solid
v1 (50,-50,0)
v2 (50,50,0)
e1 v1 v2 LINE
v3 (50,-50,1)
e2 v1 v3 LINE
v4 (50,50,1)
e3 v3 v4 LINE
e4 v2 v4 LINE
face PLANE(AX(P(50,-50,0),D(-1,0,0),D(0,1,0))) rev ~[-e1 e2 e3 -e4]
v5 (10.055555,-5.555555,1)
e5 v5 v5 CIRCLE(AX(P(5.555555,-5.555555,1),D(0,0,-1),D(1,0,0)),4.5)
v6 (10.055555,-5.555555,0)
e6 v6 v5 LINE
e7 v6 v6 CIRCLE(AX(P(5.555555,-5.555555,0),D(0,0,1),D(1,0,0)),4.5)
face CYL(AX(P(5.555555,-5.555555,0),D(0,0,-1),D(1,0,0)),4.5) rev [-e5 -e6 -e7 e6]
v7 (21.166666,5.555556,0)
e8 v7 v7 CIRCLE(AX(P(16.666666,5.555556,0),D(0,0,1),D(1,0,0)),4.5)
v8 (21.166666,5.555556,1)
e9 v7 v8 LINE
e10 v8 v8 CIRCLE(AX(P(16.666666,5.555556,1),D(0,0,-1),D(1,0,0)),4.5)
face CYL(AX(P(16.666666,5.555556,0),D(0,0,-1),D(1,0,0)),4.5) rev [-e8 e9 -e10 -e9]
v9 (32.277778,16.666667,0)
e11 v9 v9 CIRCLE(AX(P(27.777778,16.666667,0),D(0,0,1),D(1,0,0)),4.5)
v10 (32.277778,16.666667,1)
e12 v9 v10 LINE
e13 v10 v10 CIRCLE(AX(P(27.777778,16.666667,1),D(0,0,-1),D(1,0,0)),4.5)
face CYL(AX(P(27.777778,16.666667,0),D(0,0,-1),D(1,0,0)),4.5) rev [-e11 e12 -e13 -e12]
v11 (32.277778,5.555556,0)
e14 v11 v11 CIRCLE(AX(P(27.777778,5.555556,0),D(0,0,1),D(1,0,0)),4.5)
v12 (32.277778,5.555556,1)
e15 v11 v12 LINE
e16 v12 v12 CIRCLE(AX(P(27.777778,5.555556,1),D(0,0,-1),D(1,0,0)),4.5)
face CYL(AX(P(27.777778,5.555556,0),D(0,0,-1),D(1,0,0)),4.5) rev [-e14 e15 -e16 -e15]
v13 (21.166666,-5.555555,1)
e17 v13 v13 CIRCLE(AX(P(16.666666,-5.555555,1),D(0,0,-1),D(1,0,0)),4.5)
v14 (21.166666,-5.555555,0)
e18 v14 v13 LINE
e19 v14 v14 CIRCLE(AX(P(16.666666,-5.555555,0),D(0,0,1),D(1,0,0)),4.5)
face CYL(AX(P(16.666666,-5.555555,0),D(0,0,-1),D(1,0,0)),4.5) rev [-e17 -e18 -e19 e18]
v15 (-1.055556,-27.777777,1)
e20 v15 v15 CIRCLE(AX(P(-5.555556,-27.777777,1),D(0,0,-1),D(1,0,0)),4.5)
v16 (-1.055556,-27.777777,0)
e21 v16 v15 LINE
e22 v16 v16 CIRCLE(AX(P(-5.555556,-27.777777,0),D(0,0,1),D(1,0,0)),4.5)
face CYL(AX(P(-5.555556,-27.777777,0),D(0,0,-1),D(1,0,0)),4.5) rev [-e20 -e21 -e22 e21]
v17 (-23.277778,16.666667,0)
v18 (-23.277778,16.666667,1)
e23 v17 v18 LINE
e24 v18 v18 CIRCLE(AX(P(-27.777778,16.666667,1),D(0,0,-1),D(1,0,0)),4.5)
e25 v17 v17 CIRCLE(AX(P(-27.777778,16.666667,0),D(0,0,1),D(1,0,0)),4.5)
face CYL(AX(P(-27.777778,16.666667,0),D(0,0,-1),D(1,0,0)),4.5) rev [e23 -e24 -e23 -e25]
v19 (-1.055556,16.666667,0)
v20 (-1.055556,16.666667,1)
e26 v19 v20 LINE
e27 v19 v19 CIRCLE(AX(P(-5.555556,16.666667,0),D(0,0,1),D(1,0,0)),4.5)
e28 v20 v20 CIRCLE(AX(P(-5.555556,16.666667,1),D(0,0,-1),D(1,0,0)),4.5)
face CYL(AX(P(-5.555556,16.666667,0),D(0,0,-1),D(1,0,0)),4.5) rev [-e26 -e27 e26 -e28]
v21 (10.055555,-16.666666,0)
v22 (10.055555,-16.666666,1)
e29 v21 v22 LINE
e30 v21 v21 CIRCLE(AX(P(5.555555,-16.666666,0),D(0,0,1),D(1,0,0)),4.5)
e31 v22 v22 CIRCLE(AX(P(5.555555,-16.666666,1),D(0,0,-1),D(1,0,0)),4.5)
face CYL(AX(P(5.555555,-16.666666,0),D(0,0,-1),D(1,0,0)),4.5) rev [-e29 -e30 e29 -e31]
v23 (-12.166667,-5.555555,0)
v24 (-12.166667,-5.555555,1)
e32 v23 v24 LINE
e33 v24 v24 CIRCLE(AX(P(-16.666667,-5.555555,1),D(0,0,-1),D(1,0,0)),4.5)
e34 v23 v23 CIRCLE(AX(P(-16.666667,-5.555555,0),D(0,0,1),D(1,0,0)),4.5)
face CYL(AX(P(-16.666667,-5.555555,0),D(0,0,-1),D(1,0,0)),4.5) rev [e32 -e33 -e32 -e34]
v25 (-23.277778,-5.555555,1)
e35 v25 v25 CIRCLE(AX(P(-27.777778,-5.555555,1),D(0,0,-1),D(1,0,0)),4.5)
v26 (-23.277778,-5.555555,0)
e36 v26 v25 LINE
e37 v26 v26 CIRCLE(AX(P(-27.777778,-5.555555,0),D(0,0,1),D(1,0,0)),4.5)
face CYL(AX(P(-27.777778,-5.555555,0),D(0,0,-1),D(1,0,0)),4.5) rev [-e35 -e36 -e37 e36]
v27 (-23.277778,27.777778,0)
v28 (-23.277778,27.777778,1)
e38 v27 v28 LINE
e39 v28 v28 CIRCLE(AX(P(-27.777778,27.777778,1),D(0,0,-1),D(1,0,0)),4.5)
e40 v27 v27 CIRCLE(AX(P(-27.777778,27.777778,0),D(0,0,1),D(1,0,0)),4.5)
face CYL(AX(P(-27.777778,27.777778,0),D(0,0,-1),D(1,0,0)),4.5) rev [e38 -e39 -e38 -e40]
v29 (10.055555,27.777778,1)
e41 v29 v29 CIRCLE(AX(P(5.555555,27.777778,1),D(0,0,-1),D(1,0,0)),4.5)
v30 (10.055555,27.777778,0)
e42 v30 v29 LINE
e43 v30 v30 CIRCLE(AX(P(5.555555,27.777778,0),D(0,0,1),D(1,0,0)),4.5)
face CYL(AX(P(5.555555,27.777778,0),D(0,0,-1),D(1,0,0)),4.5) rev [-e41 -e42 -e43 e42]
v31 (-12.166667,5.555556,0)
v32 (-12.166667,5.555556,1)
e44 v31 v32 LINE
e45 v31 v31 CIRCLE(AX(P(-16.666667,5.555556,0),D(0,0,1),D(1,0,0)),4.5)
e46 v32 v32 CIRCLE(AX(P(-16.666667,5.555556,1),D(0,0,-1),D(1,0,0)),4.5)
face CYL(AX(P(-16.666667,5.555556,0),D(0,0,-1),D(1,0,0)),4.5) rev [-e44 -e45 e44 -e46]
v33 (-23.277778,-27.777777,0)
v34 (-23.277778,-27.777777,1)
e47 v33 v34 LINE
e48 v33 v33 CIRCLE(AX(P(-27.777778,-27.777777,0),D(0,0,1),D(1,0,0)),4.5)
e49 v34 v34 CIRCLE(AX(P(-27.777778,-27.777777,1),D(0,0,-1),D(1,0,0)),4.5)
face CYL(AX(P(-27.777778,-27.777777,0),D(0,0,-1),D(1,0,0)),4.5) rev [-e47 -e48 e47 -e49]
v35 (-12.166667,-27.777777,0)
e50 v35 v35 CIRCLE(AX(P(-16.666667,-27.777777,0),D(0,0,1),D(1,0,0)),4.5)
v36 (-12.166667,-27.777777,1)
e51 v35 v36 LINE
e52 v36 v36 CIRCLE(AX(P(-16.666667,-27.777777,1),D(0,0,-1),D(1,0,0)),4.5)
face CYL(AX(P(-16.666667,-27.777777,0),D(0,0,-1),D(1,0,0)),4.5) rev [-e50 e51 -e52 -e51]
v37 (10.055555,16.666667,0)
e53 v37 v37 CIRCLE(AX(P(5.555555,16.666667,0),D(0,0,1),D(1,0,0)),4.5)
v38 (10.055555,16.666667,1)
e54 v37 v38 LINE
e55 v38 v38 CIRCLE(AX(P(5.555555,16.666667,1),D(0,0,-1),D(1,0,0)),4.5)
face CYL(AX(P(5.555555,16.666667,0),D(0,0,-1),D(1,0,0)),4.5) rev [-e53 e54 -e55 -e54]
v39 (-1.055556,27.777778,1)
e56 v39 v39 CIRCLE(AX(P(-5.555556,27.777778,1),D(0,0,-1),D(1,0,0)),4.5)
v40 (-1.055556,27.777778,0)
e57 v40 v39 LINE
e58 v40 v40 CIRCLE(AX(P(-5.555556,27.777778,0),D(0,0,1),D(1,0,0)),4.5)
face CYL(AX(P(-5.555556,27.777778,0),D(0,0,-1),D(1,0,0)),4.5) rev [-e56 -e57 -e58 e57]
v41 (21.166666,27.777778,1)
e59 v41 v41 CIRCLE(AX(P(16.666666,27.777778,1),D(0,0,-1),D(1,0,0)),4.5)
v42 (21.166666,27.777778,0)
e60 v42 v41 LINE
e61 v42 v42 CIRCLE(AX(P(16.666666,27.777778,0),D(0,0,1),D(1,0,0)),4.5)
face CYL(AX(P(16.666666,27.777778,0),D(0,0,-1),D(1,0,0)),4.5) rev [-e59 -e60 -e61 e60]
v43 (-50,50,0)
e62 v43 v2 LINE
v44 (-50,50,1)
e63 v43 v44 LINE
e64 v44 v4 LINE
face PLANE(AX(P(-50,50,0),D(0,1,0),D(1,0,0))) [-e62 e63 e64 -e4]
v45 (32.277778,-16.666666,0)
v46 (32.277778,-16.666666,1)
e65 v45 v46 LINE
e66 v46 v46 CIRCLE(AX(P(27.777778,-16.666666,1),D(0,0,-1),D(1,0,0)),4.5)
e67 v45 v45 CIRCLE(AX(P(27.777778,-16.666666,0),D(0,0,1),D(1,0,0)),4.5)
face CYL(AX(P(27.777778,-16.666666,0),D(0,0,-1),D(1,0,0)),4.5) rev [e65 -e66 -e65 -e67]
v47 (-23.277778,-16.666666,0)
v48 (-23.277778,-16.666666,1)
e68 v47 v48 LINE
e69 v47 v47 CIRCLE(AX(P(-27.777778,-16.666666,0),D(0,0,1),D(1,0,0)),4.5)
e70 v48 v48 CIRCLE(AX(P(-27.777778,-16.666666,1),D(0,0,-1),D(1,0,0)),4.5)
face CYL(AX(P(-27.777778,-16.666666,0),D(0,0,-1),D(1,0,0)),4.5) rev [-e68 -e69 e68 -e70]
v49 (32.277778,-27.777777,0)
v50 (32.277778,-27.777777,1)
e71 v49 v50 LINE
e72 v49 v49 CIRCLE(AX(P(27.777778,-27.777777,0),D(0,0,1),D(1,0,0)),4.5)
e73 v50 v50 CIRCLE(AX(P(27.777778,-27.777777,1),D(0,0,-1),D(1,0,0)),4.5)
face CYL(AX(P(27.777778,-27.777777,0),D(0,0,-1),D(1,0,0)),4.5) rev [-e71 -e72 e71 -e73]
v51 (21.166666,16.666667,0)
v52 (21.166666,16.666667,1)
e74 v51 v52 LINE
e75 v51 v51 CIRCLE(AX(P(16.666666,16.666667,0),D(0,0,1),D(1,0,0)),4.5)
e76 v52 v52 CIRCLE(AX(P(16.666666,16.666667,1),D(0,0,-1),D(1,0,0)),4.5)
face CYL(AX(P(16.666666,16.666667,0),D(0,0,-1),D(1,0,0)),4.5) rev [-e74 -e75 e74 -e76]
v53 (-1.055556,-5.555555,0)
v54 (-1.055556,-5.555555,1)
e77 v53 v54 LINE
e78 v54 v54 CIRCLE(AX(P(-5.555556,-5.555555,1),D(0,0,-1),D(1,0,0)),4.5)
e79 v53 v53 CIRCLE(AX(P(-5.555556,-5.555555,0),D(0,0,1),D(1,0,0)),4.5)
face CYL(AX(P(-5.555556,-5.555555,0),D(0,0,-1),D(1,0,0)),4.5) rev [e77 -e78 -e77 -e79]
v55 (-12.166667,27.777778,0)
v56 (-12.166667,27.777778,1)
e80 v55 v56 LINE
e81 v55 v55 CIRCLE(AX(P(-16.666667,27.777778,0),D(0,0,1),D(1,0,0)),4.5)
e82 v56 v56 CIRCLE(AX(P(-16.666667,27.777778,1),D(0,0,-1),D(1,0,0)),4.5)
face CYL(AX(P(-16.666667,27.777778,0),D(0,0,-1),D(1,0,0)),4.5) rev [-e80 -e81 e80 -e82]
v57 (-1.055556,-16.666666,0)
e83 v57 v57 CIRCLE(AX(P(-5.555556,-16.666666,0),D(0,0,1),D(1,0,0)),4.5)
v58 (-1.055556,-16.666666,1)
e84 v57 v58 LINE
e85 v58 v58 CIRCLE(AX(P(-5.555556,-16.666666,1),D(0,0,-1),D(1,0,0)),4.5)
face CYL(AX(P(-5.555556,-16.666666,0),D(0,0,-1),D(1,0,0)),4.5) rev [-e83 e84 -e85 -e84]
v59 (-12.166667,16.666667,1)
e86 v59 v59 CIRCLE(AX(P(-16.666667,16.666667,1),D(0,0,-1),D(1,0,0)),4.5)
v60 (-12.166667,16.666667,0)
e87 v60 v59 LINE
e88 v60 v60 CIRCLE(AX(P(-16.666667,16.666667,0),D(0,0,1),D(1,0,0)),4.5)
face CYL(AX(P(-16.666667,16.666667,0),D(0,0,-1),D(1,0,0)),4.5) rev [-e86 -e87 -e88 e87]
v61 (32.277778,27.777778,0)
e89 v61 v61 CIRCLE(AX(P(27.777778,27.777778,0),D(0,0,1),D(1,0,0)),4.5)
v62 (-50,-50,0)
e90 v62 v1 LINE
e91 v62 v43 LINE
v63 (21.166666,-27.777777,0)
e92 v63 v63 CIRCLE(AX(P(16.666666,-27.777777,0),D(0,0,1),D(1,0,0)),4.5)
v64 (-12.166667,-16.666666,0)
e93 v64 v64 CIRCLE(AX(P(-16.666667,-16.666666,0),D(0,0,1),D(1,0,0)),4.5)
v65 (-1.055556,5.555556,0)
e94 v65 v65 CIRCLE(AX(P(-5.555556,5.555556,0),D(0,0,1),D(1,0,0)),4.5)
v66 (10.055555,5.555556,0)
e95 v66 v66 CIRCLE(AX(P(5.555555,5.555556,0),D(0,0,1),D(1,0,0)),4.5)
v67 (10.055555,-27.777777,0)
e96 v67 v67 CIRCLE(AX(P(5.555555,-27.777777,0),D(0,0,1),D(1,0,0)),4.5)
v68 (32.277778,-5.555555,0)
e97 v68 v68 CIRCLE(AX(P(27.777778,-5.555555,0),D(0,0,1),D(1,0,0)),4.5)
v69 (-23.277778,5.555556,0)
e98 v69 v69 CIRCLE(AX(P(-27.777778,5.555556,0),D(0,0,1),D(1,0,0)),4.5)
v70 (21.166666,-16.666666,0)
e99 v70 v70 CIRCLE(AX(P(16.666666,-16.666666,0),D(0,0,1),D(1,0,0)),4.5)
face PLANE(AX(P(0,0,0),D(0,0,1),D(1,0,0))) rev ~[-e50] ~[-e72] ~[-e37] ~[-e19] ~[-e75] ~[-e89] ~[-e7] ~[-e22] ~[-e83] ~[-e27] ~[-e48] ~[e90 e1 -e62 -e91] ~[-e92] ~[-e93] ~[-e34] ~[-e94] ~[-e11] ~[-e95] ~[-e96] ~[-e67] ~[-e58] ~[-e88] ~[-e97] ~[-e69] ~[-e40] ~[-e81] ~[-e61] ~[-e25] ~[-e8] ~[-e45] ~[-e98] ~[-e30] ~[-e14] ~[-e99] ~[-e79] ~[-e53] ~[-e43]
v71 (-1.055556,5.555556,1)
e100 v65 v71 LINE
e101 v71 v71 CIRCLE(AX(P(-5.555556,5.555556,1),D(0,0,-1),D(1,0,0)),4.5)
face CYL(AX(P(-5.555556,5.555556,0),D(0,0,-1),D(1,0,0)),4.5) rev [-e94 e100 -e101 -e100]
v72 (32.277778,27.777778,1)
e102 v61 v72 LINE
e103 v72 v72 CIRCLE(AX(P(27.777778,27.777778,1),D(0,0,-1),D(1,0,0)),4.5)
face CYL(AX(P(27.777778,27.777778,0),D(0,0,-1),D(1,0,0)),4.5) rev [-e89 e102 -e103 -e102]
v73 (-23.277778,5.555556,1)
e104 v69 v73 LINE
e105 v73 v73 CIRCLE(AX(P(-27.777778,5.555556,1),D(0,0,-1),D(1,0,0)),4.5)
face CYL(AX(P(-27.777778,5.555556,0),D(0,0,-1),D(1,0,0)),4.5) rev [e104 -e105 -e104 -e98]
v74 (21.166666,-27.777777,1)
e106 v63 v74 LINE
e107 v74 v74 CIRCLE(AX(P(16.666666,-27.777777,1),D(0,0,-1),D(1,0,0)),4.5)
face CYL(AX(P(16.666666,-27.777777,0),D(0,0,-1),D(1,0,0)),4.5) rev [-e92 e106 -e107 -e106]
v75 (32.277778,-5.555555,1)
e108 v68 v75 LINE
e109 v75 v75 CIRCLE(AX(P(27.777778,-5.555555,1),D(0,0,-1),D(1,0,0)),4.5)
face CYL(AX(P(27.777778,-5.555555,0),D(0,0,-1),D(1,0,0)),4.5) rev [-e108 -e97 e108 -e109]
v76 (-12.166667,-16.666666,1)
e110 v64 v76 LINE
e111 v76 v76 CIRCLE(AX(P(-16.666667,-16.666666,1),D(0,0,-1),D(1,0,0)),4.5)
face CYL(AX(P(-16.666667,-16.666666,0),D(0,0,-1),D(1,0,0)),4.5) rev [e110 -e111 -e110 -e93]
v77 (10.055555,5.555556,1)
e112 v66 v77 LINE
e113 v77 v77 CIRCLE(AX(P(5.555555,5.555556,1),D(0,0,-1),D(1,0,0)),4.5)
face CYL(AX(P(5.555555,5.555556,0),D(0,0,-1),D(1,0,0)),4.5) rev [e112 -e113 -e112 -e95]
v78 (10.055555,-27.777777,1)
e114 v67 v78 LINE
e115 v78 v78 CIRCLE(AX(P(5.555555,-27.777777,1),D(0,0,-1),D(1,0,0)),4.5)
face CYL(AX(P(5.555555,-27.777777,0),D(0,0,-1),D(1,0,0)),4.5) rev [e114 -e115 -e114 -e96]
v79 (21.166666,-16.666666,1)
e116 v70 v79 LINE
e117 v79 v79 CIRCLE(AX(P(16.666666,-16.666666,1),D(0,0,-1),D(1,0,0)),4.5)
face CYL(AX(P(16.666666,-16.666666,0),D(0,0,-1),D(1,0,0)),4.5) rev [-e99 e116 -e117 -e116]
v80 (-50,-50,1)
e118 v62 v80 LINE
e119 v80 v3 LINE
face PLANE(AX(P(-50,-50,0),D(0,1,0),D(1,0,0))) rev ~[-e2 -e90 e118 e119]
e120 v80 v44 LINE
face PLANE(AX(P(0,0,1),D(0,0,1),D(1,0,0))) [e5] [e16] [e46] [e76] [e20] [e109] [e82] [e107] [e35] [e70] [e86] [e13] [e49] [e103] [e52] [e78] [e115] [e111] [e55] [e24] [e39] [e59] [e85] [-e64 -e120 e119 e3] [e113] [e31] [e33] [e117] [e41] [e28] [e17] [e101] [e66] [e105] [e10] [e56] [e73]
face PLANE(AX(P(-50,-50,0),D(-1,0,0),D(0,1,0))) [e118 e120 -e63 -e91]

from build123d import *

# Parameters (mm, degrees)
SKETCH048_W                     = 100
SKETCH048_H                     = 100
PAD018_DEPTH                    = 1
SKETCH049_R                     = 4.5
POCKET011_DEPTH                 = 283.850783
SKETCH049_LINEARPATTERN_2_R     = 4.5
POCKET011_LINEARPATTERN_2_DEPTH = 283.850783
SKETCH049_LINEARPATTERN_3_R     = 4.5
POCKET011_LINEARPATTERN_3_DEPTH = 283.850783
SKETCH049_LINEARPATTERN_4_R     = 4.5
POCKET011_LINEARPATTERN_4_DEPTH = 283.850783
SKETCH049_LINEARPATTERN_5_R     = 4.5
POCKET011_LINEARPATTERN_5_DEPTH = 283.850783
SKETCH049_LINEARPATTERN_6_R     = 4.5
POCKET011_LINEARPATTERN_6_DEPTH = 283.850783
LINEARPATTERN001_COUNT          = 6
LINEARPATTERN001_PITCH          = 11.111111


with BuildPart() as part:
    # Sketch048 → Pad018 (new body)
    with BuildSketch(Plane.XY):
        Rectangle(SKETCH048_W, SKETCH048_H)
    extrude(amount=PAD018_DEPTH)

    # Sketch049 → Pocket011 (cut, through all)
    with BuildSketch(Plane.XY):
        with Locations((-27.777778, 27.777778)):
            Circle(SKETCH049_R)
    pocket011 = extrude(amount=POCKET011_DEPTH, mode=Mode.SUBTRACT)

    # Sketch049 LinearPattern 2 → Pocket011 LinearPattern 2 (cut, through all)
    with BuildSketch(Plane(origin=(11.111111, 0, 0), x_dir=(1, 0, 0), z_dir=(0, 0, 1))):
        with Locations((-27.777778, 27.777778)):
            Circle(SKETCH049_LINEARPATTERN_2_R)
    pocket011_linearpattern_2 = extrude(amount=POCKET011_LINEARPATTERN_2_DEPTH, mode=Mode.SUBTRACT)

    # Sketch049 LinearPattern 3 → Pocket011 LinearPattern 3 (cut, through all)
    with BuildSketch(Plane(origin=(22.222222, 0, 0), x_dir=(1, 0, 0), z_dir=(0, 0, 1))):
        with Locations((-27.777778, 27.777778)):
            Circle(SKETCH049_LINEARPATTERN_3_R)
    pocket011_linearpattern_3 = extrude(amount=POCKET011_LINEARPATTERN_3_DEPTH, mode=Mode.SUBTRACT)

    # Sketch049 LinearPattern 4 → Pocket011 LinearPattern 4 (cut, through all)
    with BuildSketch(Plane(origin=(33.333333, 0, 0), x_dir=(1, 0, 0), z_dir=(0, 0, 1))):
        with Locations((-27.777778, 27.777778)):
            Circle(SKETCH049_LINEARPATTERN_4_R)
    pocket011_linearpattern_4 = extrude(amount=POCKET011_LINEARPATTERN_4_DEPTH, mode=Mode.SUBTRACT)

    # Sketch049 LinearPattern 5 → Pocket011 LinearPattern 5 (cut, through all)
    with BuildSketch(Plane(origin=(44.444444, 0, 0), x_dir=(1, 0, 0), z_dir=(0, 0, 1))):
        with Locations((-27.777778, 27.777778)):
            Circle(SKETCH049_LINEARPATTERN_5_R)
    pocket011_linearpattern_5 = extrude(amount=POCKET011_LINEARPATTERN_5_DEPTH, mode=Mode.SUBTRACT)

    # Sketch049 LinearPattern 6 → Pocket011 LinearPattern 6 (cut, through all)
    with BuildSketch(Plane(origin=(55.555556, 0, 0), x_dir=(1, 0, 0), z_dir=(0, 0, 1))):
        with Locations((-27.777778, 27.777778)):
            Circle(SKETCH049_LINEARPATTERN_6_R)
    pocket011_linearpattern_6 = extrude(amount=POCKET011_LINEARPATTERN_6_DEPTH, mode=Mode.SUBTRACT)

    # LinearPattern001: Pocket011, Pocket011 LinearPattern 2, Pocket011 LinearPattern 3, Pocket011 LinearPattern 4, Pocket011 LinearPattern 5, Pocket011 LinearPattern 6 ×6
    with Locations(*[(0, -i * LINEARPATTERN001_PITCH, 0) for i in range(1, LINEARPATTERN001_COUNT)]):
        add(pocket011, mode=Mode.SUBTRACT)
        add(pocket011_linearpattern_2, mode=Mode.SUBTRACT)
        add(pocket011_linearpattern_3, mode=Mode.SUBTRACT)
        add(pocket011_linearpattern_4, mode=Mode.SUBTRACT)
        add(pocket011_linearpattern_5, mode=Mode.SUBTRACT)
        add(pocket011_linearpattern_6, mode=Mode.SUBTRACT)


solid = part.part
